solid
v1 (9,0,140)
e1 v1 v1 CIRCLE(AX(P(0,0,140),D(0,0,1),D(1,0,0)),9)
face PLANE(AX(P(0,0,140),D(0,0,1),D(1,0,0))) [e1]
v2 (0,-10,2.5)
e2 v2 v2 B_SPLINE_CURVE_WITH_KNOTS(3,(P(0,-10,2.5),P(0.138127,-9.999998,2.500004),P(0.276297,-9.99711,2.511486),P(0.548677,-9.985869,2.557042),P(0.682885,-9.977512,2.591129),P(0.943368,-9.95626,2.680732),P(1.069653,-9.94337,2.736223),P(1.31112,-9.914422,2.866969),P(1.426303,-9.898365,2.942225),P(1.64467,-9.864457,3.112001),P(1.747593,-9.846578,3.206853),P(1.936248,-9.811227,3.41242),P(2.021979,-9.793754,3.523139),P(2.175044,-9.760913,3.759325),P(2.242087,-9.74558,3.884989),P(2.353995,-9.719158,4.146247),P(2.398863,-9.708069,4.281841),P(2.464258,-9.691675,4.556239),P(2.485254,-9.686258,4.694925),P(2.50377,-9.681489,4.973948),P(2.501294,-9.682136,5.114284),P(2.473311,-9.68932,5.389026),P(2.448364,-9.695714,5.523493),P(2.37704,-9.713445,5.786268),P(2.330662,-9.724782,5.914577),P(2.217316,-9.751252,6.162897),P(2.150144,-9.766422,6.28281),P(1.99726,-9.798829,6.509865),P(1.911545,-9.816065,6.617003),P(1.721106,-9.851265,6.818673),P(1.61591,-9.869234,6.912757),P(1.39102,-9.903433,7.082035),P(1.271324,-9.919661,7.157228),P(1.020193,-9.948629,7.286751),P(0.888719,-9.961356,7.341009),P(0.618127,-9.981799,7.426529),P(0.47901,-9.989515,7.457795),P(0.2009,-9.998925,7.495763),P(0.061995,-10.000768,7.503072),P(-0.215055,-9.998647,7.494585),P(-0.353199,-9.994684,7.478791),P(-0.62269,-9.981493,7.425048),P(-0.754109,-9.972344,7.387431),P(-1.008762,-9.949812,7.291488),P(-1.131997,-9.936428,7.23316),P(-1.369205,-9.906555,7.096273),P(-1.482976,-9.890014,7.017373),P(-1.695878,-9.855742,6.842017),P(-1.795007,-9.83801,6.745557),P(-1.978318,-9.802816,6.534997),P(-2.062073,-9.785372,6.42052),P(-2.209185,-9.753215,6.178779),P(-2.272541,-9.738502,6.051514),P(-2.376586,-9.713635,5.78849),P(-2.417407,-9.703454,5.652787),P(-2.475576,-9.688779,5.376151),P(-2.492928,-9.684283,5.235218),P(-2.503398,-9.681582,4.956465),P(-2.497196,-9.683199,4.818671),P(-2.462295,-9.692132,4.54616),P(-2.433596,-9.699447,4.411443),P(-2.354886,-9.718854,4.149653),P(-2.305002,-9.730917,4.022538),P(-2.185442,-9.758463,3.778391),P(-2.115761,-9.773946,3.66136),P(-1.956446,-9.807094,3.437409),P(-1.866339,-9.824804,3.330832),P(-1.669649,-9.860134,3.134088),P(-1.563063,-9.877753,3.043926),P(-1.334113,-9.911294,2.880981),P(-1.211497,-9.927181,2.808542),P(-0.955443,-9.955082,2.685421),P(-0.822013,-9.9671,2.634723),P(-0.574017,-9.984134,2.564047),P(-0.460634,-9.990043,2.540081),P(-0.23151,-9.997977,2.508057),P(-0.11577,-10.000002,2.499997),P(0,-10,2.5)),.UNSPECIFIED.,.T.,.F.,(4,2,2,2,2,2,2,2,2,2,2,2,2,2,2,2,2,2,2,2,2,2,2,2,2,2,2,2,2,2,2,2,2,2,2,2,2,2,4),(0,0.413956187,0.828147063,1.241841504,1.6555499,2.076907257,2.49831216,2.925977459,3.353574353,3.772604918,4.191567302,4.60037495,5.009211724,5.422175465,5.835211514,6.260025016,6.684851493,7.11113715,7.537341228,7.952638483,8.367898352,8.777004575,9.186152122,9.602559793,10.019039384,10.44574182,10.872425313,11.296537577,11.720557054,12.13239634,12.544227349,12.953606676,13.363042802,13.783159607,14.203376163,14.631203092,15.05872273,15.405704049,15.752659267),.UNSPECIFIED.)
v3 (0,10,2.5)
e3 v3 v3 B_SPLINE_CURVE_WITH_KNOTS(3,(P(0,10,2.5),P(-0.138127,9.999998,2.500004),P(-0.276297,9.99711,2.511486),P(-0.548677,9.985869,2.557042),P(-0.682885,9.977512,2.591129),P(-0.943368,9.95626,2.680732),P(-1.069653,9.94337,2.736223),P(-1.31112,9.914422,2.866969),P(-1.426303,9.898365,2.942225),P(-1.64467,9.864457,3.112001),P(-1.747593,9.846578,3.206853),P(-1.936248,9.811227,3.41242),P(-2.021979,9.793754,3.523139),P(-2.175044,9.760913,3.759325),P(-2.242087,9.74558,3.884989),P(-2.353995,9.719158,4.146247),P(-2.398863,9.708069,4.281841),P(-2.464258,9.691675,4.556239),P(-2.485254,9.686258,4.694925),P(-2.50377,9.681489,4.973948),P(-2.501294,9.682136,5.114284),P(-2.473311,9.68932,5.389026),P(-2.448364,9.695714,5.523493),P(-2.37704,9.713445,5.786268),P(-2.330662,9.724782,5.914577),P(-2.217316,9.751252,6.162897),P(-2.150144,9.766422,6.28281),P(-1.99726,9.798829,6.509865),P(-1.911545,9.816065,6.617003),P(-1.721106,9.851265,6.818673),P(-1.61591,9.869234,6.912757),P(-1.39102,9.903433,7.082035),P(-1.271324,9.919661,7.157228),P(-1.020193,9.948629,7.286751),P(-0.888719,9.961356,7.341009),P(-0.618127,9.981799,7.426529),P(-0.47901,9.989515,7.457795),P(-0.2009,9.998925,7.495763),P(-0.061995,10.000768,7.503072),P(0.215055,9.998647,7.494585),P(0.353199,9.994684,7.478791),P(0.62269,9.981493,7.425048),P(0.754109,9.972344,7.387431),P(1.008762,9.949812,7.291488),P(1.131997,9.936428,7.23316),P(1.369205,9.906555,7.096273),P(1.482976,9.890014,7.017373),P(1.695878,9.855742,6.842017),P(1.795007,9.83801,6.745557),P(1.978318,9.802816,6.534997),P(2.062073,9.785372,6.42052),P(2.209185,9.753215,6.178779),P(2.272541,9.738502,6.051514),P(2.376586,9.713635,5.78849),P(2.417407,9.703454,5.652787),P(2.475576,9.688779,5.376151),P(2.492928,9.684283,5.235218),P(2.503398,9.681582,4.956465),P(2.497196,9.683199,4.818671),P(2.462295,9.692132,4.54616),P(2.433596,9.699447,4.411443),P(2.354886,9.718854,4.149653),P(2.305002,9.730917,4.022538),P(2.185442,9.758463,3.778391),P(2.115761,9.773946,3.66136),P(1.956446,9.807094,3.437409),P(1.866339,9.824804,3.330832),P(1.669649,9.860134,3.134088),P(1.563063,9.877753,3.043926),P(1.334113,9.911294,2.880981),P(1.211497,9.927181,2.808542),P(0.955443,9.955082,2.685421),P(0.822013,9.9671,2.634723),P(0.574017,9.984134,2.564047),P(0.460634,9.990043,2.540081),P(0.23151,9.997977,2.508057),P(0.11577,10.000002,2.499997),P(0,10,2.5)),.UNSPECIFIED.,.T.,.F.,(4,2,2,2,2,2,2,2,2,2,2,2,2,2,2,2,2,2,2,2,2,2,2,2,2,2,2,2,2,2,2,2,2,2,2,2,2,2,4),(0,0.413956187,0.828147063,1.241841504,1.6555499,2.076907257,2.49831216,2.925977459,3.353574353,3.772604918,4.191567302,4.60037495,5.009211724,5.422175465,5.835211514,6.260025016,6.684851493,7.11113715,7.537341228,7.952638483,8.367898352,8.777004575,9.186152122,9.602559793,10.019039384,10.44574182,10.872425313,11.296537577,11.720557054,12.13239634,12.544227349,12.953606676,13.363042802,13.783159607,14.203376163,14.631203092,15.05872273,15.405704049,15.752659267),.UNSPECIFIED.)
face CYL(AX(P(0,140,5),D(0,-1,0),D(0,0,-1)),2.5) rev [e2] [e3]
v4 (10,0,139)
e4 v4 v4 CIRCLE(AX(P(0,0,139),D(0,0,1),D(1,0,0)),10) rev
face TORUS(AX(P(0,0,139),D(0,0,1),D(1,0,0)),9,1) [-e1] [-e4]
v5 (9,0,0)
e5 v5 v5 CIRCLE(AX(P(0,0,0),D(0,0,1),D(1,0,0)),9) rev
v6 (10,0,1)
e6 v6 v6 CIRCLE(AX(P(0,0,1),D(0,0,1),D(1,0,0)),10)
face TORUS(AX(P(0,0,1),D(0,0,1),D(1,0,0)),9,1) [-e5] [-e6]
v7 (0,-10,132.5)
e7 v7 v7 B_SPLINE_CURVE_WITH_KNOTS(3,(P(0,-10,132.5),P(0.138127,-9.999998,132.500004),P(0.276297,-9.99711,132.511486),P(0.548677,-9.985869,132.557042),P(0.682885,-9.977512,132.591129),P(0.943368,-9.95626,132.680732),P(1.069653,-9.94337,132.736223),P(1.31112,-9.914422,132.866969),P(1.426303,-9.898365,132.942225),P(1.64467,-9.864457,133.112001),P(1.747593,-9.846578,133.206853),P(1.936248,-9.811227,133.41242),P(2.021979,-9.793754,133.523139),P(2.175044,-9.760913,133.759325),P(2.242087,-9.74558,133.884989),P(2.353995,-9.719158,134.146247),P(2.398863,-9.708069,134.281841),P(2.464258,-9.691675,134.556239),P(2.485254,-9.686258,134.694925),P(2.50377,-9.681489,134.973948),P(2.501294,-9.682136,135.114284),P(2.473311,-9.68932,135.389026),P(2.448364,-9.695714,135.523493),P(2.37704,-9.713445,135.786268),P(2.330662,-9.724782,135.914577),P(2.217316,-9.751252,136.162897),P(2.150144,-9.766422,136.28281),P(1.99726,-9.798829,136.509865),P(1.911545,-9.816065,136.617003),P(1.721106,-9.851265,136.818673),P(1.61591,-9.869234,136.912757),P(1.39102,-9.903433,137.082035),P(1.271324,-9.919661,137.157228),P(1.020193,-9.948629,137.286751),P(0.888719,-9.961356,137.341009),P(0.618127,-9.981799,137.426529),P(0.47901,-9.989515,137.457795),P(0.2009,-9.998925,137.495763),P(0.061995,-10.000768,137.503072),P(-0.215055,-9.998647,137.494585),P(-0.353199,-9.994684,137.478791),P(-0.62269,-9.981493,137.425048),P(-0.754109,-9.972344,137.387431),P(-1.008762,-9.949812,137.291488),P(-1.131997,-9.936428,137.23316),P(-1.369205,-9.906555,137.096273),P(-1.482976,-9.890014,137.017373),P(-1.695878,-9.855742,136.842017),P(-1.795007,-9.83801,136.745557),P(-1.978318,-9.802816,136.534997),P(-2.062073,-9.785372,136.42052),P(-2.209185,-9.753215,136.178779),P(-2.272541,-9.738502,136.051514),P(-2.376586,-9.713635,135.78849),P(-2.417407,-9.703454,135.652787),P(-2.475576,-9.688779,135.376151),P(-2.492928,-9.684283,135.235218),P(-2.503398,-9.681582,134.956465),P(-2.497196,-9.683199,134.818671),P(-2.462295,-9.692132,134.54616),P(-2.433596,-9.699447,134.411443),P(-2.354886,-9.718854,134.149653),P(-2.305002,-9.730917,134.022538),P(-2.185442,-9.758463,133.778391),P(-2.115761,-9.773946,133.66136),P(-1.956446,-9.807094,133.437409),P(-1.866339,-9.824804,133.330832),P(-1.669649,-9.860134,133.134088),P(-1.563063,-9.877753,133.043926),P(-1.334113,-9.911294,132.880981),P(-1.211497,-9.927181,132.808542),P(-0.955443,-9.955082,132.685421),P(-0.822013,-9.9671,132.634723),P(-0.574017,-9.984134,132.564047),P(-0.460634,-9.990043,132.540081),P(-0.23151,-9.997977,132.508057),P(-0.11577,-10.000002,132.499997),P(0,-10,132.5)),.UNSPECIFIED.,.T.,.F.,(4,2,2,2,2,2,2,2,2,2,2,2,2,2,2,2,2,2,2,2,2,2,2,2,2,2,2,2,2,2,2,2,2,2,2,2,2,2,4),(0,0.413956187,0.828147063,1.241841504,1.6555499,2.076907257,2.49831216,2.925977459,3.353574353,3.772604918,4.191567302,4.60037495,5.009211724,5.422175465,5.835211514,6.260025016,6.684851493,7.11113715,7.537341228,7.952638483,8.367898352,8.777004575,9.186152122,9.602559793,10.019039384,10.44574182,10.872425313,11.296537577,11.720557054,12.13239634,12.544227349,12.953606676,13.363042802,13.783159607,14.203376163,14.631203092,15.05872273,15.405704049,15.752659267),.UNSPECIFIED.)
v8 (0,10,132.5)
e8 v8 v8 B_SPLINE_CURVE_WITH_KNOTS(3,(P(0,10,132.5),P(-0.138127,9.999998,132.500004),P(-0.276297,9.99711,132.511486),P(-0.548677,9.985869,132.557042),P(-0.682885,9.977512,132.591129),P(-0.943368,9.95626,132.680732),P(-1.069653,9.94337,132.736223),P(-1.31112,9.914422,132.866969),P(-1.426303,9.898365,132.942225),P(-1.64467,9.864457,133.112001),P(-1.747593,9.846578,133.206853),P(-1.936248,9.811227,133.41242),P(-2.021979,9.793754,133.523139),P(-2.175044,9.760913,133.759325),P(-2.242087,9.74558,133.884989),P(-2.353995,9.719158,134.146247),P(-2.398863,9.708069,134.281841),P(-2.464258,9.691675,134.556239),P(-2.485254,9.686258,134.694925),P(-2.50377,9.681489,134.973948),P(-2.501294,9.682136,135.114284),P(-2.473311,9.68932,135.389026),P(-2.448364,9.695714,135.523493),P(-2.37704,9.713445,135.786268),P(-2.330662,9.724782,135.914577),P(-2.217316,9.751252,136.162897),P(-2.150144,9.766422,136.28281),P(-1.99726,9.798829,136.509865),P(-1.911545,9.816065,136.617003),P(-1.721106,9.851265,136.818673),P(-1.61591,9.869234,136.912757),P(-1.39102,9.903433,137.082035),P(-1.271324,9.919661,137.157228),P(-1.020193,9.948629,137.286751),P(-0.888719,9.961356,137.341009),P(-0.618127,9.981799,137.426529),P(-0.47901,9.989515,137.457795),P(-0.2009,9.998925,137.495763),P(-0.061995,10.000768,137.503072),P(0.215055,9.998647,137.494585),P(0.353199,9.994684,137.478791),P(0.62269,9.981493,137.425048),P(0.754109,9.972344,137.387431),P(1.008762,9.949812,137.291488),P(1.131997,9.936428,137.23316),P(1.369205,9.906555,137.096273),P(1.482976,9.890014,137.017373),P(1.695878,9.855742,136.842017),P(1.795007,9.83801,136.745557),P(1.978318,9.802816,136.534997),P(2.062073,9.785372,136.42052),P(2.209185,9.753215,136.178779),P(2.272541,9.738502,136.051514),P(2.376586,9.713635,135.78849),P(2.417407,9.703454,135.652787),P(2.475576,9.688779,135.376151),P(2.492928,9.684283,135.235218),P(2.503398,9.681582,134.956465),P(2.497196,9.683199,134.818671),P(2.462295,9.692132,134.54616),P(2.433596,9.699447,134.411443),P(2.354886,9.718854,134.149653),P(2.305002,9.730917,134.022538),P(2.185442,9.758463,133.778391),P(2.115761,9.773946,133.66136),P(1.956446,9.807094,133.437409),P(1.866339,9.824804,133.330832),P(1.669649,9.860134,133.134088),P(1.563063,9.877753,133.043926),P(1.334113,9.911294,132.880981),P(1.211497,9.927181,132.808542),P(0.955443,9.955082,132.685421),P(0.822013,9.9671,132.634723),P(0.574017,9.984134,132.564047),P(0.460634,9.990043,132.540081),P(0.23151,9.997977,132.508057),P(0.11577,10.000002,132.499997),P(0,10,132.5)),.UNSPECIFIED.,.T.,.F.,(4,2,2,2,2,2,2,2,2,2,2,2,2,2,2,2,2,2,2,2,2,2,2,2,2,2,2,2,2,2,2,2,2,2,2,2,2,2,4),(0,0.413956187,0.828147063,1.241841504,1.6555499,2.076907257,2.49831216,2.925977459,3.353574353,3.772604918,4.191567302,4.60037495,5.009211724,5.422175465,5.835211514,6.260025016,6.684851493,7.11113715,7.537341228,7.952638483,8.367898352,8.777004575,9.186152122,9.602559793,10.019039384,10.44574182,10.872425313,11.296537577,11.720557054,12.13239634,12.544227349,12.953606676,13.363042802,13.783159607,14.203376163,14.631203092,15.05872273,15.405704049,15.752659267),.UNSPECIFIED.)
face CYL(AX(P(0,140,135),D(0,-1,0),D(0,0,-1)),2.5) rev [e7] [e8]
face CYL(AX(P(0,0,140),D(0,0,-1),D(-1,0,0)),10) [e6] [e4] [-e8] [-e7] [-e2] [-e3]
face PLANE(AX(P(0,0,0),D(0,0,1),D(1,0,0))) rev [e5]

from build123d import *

# Parameters (mm, degrees)
SKETCH1_R               = 10
BOSS_EXTRUDE1_DEPTH     = 140
FILLET1_R               = 1
CUT_EXTRUDE1_DEPTH      = 140
CUT_EXTRUDE1_DEPTH_BACK = 140
SKETCH2_R               = 2.5


with BuildPart() as part:
    # Sketch1 → Boss-Extrude1 (new body)
    with BuildSketch(Plane.XY):
        Circle(SKETCH1_R)
    extrude(amount=BOSS_EXTRUDE1_DEPTH)

    # Fillet1
    fillet1_edges = [part.edges().sort_by_distance(p)[0] for p in [
        (-10, 0, 0),
        (-10, 0, 140),
    ]]
    fillet(fillet1_edges, radius=FILLET1_R)

    # Sketch2 → Cut-Extrude1 (cut, two sides: drawn at the far end of the back side and taken through both)
    with BuildSketch(Plane(origin=(0, 0, 0), x_dir=(1, 0, 0), z_dir=(0, 1, 0)).offset(-CUT_EXTRUDE1_DEPTH_BACK)):
        with Locations((0, -5)):
            Circle(SKETCH2_R)
        with Locations((0, -135)):
            Circle(SKETCH2_R)
    extrude(amount=CUT_EXTRUDE1_DEPTH + CUT_EXTRUDE1_DEPTH_BACK, mode=Mode.SUBTRACT)


solid = part.part
